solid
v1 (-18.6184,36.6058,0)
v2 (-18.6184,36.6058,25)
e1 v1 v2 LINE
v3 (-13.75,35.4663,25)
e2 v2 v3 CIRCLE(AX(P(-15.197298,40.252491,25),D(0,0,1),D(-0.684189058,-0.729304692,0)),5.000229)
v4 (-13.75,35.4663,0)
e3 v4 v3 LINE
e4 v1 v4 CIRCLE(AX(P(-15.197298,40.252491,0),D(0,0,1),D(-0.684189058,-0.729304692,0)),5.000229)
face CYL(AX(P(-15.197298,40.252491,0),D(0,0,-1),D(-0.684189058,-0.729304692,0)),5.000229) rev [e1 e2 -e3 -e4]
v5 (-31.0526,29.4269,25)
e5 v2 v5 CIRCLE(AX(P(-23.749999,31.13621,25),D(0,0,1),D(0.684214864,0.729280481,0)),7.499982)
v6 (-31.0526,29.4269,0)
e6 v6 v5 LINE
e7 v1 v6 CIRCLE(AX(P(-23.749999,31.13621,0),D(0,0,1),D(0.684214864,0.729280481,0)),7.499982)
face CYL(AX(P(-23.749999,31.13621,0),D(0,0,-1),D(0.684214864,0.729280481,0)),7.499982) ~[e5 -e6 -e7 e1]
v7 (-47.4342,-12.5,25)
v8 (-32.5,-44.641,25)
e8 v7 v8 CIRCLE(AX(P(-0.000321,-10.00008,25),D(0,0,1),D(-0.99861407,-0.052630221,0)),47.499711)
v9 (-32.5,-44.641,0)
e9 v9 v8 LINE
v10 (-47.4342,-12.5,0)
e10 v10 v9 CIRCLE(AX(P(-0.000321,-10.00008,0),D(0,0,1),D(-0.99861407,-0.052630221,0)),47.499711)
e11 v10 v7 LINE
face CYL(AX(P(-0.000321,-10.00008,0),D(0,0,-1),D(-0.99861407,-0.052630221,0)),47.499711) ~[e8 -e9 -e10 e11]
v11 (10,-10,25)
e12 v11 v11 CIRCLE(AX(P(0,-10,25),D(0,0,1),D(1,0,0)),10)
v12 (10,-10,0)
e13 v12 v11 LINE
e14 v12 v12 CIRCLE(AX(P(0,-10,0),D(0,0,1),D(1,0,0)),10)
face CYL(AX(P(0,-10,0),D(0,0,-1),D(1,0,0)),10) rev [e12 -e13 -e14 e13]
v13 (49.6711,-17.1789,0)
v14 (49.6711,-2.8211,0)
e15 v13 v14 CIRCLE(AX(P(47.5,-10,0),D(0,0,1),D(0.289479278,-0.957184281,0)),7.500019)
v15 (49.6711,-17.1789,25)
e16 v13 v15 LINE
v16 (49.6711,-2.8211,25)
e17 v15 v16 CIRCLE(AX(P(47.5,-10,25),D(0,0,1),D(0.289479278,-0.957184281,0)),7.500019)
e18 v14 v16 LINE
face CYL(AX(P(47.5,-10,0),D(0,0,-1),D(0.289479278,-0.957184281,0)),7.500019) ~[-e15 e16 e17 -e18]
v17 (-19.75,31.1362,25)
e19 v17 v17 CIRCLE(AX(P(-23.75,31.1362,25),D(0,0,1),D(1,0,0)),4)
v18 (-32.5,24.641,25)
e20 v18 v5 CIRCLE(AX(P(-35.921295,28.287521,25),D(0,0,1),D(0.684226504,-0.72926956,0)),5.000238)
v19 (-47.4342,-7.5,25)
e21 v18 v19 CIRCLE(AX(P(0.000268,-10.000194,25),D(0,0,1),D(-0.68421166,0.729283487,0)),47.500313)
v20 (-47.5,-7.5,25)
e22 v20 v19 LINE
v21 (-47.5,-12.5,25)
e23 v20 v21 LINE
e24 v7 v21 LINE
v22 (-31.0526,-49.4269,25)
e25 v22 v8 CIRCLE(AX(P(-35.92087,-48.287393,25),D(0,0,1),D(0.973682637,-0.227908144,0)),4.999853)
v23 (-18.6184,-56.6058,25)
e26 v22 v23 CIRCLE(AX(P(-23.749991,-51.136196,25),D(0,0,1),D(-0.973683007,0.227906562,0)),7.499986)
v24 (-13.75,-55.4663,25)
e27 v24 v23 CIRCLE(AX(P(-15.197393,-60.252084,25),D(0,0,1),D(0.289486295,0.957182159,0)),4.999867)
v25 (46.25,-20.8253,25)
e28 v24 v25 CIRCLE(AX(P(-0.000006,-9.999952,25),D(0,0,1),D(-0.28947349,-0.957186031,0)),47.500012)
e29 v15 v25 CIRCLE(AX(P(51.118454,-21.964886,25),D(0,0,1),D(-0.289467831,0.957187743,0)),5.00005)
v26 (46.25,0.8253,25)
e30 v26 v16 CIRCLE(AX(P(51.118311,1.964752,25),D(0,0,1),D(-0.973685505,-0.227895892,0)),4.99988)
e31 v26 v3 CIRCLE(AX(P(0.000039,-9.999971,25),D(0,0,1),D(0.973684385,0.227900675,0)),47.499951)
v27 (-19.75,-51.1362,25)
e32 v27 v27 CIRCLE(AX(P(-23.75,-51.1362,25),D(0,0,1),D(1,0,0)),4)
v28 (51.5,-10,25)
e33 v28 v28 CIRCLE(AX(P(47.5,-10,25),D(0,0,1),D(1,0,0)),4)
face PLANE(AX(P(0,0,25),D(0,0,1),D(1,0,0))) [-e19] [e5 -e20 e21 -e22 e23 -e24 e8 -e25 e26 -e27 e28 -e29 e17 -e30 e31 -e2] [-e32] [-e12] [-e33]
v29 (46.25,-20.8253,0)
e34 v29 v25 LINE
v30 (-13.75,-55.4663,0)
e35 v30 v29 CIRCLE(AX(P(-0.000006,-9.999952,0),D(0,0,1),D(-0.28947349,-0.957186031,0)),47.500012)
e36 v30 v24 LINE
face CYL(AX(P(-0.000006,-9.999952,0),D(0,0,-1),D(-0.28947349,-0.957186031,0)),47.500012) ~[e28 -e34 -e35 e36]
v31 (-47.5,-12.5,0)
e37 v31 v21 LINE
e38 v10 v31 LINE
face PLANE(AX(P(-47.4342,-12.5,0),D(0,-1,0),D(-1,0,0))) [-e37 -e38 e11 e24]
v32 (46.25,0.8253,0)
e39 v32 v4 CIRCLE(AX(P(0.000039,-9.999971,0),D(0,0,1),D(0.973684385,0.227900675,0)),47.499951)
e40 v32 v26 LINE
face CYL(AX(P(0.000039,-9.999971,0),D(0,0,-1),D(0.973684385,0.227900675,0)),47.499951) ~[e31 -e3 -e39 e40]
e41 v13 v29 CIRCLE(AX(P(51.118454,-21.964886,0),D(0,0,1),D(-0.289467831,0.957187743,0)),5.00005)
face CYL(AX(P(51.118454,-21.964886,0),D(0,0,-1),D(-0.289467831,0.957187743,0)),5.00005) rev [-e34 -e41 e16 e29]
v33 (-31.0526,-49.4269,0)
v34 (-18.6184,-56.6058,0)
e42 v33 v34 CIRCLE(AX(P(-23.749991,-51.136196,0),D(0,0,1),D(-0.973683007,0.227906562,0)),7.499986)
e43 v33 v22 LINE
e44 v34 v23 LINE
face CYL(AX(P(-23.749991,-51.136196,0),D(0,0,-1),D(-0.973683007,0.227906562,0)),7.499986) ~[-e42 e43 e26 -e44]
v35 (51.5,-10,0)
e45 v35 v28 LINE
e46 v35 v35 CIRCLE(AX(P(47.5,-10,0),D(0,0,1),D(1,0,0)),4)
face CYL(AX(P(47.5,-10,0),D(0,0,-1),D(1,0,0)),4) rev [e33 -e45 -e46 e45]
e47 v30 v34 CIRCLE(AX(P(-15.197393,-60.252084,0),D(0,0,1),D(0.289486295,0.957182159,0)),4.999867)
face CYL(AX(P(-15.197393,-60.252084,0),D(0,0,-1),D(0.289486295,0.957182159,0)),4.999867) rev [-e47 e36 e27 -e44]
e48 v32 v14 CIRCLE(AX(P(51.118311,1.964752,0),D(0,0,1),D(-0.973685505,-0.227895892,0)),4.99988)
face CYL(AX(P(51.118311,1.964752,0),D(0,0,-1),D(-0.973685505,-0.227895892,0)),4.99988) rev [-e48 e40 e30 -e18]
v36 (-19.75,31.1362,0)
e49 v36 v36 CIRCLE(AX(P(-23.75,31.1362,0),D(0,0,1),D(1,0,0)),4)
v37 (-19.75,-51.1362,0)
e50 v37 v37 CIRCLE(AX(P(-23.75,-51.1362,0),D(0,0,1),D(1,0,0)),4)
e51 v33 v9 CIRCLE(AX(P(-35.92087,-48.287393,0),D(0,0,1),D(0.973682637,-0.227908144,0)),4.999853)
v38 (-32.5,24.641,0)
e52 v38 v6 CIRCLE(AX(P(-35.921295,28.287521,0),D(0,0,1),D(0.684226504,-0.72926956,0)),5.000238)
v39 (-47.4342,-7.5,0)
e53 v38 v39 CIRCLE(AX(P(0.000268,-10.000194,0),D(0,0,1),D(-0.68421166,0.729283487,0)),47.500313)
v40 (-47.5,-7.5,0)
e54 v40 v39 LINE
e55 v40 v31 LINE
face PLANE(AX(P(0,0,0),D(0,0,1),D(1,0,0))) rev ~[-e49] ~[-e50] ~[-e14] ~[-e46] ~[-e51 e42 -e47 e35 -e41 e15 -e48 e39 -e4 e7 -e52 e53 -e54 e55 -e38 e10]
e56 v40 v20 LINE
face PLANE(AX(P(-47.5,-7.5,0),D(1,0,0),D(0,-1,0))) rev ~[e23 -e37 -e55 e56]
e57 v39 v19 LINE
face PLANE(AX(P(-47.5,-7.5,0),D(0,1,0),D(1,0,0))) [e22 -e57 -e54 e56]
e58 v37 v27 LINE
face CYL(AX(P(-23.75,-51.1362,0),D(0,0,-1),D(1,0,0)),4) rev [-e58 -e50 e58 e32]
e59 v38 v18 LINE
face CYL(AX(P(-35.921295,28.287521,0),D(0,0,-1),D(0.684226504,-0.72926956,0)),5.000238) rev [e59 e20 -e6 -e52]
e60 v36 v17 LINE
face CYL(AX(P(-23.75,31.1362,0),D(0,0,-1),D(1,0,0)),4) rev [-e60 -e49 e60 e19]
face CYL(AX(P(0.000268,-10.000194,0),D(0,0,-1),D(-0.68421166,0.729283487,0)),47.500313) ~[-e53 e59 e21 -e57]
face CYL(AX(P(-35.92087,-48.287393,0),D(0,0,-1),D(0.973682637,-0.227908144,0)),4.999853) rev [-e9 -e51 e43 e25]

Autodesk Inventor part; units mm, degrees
ref_plane "YZ Plane" through (0, 0, 0) normal (1, 0, 0) x (0, 1, 0)
ref_plane "XZ Plane" through (0, 0, 0) normal (0, 1, 0) x (-1, 0, 0)
sketch "Sketch1" plane through (0, 0, 0) normal (0, 0, 1) x (1, 0, 0)
  circle A0 centre (0, -10) radius 10 projected
  circle A1 centre (47.5, -10) radius 4 projected
  arc A2 (-13.75, -55.4663) -> (46.25, -20.8253) centre (0, -10) ccw projected
  arc A3 (49.6711, -17.1789) -> (46.25, -20.8253) centre (51.1184, -21.9648) ccw projected
  arc A4 (49.6711, -17.1789) -> (49.6711, -2.8211) centre (47.5, -10) ccw projected
  arc A5 (46.25, 0.8253) -> (49.6711, -2.8211) centre (51.1184, 1.9648) ccw projected
  arc A6 (46.25, 0.8253) -> (-13.75, 35.4663) centre (0, -10) ccw projected
  arc A7 (-18.6184, 36.6058) -> (-13.75, 35.4663) centre (-15.1974, 40.2523) ccw projected
  arc A8 (-18.6184, 36.6058) -> (-31.0526, 29.4269) centre (-23.75, 31.1362) ccw projected
  arc A9 (-32.5, 24.641) -> (-31.0526, 29.4269) centre (-35.9211, 28.2874) ccw projected
  arc A10 (-32.5, 24.641) -> (-47.4342, -7.5) centre (0, -10) ccw projected
  line L0 (-47.5, -7.5) -> (-47.4342, -7.5) projected
  line L1 (-47.5, -7.5) -> (-47.5, -12.5) projected
  line L2 (-47.4342, -12.5) -> (-47.5, -12.5) projected
  arc A11 (-47.4342, -12.5) -> (-32.5, -44.641) centre (0, -10) ccw projected
  arc A12 (-31.0526, -49.4269) -> (-32.5, -44.641) centre (-35.9211, -48.2874) ccw projected
  arc A13 (-31.0526, -49.4269) -> (-18.6184, -56.6058) centre (-23.75, -51.1362) ccw projected
  arc A14 (-13.75, -55.4663) -> (-18.6184, -56.6058) centre (-15.1974, -60.2523) ccw projected
  circle A15 centre (-23.75, 31.1362) radius 4 projected
  circle A16 centre (-23.75, -51.1362) radius 4 projected
  point P0 (0, 0)
ref_plane "Work Plane1" through (-44.1783, -54.1783, 25) normal (0, 0, -1) x (0.3122, 0.95, 0)
extrude "Extrusion1" add sketch "Sketch1" along normal up to surface (25 mm away)
properties part number "Motor Spacer"
